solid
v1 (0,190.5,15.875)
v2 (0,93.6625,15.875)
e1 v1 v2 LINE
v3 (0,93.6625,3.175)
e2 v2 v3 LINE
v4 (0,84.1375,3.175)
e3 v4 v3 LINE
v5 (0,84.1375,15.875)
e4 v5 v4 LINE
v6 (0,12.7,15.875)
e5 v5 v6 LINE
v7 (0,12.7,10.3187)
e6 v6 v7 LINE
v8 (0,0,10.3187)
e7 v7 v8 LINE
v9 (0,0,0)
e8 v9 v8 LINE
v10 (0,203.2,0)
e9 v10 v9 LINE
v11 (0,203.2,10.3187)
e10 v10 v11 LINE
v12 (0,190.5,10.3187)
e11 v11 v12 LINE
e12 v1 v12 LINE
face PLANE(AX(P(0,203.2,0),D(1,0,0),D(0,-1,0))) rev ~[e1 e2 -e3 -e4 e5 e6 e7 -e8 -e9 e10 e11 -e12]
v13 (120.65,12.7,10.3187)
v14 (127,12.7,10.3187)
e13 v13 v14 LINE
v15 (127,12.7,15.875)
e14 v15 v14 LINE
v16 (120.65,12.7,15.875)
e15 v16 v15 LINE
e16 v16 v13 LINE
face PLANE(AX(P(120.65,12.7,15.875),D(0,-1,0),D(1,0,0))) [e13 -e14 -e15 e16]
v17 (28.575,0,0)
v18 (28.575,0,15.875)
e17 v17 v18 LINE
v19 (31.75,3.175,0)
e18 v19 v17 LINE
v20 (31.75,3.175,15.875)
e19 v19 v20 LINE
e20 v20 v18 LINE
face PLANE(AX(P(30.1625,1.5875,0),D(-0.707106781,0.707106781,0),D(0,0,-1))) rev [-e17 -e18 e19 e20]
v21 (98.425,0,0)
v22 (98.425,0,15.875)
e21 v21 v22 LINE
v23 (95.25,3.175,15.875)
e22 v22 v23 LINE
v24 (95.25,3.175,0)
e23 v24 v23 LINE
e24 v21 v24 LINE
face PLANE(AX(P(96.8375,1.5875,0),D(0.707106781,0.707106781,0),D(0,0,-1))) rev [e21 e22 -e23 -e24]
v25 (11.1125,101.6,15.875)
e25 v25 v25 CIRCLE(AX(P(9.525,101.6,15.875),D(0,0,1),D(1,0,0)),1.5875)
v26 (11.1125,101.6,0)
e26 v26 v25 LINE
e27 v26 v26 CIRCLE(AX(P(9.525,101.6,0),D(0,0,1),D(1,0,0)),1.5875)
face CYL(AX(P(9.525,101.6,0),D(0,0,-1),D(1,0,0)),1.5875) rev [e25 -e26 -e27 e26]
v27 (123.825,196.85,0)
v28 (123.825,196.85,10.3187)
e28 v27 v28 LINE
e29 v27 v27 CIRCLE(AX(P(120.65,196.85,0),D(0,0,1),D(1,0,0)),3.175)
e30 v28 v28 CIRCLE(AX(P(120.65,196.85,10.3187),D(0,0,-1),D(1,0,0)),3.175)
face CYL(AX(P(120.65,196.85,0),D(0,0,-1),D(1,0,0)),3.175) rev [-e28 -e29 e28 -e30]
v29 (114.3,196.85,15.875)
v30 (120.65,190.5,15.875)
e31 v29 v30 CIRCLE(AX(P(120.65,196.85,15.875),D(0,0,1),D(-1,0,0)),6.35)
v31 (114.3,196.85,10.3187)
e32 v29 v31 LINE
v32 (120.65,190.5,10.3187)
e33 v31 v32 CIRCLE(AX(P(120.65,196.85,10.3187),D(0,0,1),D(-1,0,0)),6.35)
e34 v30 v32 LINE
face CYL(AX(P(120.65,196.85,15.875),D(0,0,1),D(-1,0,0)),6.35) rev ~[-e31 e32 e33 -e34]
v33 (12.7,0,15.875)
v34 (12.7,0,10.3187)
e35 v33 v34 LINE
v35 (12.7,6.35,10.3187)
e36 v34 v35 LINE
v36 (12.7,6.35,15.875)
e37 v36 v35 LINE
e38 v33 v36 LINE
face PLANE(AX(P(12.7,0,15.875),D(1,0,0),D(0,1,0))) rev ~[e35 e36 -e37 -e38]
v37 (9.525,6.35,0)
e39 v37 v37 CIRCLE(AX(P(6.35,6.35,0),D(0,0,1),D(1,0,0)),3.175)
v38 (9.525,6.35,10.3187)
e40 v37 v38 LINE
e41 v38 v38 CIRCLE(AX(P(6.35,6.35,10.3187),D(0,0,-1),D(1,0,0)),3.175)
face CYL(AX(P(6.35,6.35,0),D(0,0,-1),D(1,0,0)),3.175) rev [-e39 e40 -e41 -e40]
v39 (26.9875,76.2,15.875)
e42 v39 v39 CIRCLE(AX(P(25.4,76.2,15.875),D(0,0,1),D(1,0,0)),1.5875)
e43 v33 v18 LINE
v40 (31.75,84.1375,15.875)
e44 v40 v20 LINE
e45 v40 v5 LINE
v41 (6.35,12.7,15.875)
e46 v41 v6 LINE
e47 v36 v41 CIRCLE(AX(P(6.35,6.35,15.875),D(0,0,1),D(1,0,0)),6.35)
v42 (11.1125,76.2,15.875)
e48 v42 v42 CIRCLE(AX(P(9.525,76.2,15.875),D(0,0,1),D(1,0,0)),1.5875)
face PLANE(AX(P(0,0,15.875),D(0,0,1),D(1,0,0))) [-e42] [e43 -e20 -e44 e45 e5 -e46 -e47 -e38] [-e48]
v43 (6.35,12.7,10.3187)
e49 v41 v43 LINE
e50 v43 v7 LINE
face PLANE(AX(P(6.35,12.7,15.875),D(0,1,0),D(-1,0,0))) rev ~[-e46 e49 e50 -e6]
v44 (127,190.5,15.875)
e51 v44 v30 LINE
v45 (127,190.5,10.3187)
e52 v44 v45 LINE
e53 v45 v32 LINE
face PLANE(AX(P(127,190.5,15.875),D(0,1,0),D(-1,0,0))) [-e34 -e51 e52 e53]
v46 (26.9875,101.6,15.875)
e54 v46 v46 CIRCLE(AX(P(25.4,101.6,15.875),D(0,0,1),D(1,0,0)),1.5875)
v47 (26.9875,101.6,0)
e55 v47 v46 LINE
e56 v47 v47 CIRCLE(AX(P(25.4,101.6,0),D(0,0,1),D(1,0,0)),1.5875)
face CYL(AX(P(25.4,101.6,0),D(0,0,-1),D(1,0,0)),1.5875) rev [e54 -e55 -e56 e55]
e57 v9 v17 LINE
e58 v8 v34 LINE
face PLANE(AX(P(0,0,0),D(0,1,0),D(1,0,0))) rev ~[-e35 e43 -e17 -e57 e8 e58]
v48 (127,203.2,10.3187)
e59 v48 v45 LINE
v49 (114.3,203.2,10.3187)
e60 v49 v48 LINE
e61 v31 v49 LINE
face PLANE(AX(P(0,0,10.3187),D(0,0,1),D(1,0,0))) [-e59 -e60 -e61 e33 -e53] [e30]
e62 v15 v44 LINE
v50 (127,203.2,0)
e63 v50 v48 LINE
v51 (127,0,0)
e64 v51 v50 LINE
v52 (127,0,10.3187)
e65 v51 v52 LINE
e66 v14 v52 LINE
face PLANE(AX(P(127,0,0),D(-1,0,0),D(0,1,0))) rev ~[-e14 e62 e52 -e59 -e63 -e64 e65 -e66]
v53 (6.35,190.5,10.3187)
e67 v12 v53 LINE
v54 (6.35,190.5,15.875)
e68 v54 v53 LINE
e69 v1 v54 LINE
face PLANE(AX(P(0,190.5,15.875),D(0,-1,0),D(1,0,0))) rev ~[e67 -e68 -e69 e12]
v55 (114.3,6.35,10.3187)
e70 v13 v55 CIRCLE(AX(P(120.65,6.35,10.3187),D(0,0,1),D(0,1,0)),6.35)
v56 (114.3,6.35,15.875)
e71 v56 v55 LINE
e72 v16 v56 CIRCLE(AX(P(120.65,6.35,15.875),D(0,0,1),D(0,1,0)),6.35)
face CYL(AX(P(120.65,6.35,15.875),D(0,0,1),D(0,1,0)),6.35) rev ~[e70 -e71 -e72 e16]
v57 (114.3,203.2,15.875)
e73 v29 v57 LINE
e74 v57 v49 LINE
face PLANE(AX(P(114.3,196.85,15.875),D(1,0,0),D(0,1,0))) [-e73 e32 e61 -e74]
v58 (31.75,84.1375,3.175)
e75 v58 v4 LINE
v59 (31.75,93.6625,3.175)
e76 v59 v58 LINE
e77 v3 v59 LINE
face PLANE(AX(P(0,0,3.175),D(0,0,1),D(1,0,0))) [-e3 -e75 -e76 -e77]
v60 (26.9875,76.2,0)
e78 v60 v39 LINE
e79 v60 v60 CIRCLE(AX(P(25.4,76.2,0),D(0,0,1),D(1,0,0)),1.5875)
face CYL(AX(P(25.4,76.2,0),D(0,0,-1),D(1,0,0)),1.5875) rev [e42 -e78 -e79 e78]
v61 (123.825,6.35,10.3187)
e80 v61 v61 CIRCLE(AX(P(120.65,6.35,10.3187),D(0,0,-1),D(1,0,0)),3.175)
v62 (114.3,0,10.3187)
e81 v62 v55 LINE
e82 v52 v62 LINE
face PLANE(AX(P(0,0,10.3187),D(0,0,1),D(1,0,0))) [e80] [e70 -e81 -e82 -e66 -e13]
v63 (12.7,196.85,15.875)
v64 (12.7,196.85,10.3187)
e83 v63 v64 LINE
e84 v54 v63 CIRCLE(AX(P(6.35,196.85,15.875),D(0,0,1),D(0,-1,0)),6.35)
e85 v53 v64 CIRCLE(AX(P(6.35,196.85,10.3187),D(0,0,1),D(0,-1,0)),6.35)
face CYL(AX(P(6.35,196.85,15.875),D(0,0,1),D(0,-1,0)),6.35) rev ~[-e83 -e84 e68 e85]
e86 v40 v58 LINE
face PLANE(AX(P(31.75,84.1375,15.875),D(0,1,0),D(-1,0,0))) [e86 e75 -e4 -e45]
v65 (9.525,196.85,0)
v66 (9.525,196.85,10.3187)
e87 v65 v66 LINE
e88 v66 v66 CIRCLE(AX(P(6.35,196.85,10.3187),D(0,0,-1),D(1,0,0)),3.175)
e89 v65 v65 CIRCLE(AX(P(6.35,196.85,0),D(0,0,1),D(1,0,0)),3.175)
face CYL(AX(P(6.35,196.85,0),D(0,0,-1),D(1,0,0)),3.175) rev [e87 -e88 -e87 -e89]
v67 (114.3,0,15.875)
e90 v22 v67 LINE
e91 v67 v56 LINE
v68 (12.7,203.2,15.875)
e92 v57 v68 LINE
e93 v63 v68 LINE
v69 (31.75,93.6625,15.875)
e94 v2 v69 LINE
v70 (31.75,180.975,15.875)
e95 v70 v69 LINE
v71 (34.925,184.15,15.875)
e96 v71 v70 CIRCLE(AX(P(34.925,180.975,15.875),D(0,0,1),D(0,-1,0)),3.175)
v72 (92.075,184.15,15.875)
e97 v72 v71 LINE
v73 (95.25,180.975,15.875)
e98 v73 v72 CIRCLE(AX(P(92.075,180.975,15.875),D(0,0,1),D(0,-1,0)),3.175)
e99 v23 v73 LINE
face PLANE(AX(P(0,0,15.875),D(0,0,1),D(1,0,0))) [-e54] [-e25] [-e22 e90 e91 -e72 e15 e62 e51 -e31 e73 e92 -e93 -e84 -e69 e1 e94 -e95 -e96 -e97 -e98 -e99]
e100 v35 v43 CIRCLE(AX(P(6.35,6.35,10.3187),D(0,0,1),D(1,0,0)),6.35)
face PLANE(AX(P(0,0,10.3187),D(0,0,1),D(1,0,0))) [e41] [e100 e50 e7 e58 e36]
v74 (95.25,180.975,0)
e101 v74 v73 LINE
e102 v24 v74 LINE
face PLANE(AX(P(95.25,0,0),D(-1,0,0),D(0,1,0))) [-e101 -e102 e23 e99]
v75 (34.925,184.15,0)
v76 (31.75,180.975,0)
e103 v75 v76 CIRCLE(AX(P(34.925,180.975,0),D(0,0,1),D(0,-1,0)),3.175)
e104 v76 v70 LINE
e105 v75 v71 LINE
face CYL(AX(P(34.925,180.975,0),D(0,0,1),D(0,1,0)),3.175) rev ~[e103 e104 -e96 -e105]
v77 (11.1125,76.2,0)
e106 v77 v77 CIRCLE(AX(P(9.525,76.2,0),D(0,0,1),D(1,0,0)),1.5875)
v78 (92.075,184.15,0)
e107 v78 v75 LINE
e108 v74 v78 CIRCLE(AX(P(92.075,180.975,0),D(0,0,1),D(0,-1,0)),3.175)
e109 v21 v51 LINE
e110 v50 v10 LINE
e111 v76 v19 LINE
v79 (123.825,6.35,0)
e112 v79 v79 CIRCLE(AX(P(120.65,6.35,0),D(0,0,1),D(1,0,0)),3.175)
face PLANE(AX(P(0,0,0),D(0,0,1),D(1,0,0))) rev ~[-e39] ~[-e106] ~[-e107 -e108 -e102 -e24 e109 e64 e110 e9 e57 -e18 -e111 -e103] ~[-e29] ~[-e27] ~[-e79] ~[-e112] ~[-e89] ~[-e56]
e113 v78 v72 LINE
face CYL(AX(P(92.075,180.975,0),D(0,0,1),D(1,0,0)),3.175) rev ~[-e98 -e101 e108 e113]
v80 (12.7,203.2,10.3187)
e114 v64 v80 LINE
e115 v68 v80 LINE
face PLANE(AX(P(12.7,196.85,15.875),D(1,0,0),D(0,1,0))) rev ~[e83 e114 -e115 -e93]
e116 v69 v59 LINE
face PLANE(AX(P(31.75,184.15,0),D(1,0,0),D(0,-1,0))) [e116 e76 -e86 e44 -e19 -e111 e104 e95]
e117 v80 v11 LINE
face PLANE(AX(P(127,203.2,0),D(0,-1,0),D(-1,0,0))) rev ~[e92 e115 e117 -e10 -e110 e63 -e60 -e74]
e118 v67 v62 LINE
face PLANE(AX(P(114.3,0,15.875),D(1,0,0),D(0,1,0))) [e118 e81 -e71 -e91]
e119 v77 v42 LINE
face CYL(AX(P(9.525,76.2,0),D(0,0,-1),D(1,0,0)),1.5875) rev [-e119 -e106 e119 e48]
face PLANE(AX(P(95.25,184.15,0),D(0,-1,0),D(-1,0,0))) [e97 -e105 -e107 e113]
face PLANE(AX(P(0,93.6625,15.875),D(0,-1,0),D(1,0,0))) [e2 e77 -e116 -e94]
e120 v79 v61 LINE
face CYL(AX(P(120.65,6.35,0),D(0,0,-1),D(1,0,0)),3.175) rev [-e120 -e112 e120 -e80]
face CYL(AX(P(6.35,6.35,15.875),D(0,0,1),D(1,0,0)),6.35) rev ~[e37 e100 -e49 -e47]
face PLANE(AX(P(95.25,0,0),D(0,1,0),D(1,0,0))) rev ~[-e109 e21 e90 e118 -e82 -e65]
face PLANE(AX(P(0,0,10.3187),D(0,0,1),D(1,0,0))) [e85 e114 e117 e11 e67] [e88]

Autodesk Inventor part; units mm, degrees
ref_plane "YZ Plane" through (0, 0, 0) normal (1, 0, 0) x (0, 1, 0)
ref_plane "XZ Plane" through (0, 0, 0) normal (0, 1, 0) x (-1, 0, 0)
ref_plane "XY Plane" through (0, 0, 0) normal (0, 0, 1) x (1, 0, 0)
sketch "Sketch1" plane through (0, 0, 0) normal (0, 0, 1) x (1, 0, 0)
  line L0 (127, 0) -> (127, 203.2)
  line L1 (127, 203.2) -> (0, 203.2)
  line L2 (0, 203.2) -> (0, 0)
  line L3 (95.25, 0) -> (95.25, 184.15)
  line L4 (95.25, 184.15) -> (31.75, 184.15)
  line L5 (31.75, 184.15) -> (31.75, 0)
  line L6 (0, 0) -> (31.75, 0)
  line L7 (95.25, 0) -> (127, 0)
  circle A0 centre (6.35, 6.35) radius 3.175
  circle A1 centre (120.65, 6.35) radius 3.175
  circle A2 centre (6.35, 196.85) radius 3.175
  circle A3 centre (120.65, 196.85) radius 3.175
  circle A4 centre (9.525, 101.6) radius 1.5875
  circle A5 centre (25.4, 101.6) radius 1.5875
  circle A6 centre (9.525, 76.2) radius 1.5875
  circle A7 centre (25.4, 76.2) radius 1.5875
extrude "Extrusion1" add sketch "Sketch1" along normal blind 15.875
chamfer "Chamfer1" distance 3.175 angle 45 2 edges at (31.75, 0, 7.9375) (95.25, 0, 7.9375)
fillet "Fillet1" radius 3.175 2 edges at (31.75, 184.15, 7.9375) (95.25, 184.15, 7.9375)
sketch "Sketch2" plane through (0, 0, 15.875) normal (0, 0, 1) x (1, 0, 0)
  arc A0 (6.35, 190.5) -> (12.7, 196.85) centre (6.35, 196.85) ccw
  line L0 (12.7, 196.85) -> (12.7, 203.2)
  line L1 (12.7, 203.2) -> (0, 203.2)
  line L2 (0, 203.2) -> (0, 190.5)
  line L3 (0, 190.5) -> (6.35, 190.5)
  arc A1 (114.3, 196.85) -> (120.65, 190.5) centre (120.65, 196.85) ccw
  line L4 (114.3, 196.85) -> (114.3, 203.2)
  line L5 (114.3, 203.2) -> (127, 203.2)
  line L6 (127, 203.2) -> (127, 190.5)
  line L7 (127, 190.5) -> (120.65, 190.5)
  arc A2 (12.7, 6.35) -> (6.35, 12.7) centre (6.35, 6.35) ccw
  line L8 (6.35, 12.7) -> (0, 12.7)
  line L9 (0, 12.7) -> (0, 0)
  line L10 (0, 0) -> (12.7, 0)
  line L11 (12.7, 0) -> (12.7, 6.35)
  arc A3 (120.65, 12.7) -> (114.3, 6.35) centre (120.65, 6.35) ccw
  line L12 (120.65, 12.7) -> (127, 12.7)
  line L13 (127, 12.7) -> (127, 0)
  line L14 (127, 0) -> (114.3, 0)
  line L15 (114.3, 0) -> (114.3, 6.35)
extrude "Extrusion2" cut sketch "Sketch2" against normal blind 5.5563
sketch "Sketch3" plane through (0, 0, 15.875) normal (0, 0, 1) x (1, 0, 0)
  line L0 (0, 93.6625) -> (31.75, 93.6625)
  line L1 (31.75, 93.6625) -> (31.75, 84.1375)
  line L2 (31.75, 84.1375) -> (0, 84.1375)
  line L3 (0, 84.1375) -> (0, 93.6625)
extrude "Extrusion3" cut sketch "Sketch3" against normal blind 12.7
properties part number "escapement base"
